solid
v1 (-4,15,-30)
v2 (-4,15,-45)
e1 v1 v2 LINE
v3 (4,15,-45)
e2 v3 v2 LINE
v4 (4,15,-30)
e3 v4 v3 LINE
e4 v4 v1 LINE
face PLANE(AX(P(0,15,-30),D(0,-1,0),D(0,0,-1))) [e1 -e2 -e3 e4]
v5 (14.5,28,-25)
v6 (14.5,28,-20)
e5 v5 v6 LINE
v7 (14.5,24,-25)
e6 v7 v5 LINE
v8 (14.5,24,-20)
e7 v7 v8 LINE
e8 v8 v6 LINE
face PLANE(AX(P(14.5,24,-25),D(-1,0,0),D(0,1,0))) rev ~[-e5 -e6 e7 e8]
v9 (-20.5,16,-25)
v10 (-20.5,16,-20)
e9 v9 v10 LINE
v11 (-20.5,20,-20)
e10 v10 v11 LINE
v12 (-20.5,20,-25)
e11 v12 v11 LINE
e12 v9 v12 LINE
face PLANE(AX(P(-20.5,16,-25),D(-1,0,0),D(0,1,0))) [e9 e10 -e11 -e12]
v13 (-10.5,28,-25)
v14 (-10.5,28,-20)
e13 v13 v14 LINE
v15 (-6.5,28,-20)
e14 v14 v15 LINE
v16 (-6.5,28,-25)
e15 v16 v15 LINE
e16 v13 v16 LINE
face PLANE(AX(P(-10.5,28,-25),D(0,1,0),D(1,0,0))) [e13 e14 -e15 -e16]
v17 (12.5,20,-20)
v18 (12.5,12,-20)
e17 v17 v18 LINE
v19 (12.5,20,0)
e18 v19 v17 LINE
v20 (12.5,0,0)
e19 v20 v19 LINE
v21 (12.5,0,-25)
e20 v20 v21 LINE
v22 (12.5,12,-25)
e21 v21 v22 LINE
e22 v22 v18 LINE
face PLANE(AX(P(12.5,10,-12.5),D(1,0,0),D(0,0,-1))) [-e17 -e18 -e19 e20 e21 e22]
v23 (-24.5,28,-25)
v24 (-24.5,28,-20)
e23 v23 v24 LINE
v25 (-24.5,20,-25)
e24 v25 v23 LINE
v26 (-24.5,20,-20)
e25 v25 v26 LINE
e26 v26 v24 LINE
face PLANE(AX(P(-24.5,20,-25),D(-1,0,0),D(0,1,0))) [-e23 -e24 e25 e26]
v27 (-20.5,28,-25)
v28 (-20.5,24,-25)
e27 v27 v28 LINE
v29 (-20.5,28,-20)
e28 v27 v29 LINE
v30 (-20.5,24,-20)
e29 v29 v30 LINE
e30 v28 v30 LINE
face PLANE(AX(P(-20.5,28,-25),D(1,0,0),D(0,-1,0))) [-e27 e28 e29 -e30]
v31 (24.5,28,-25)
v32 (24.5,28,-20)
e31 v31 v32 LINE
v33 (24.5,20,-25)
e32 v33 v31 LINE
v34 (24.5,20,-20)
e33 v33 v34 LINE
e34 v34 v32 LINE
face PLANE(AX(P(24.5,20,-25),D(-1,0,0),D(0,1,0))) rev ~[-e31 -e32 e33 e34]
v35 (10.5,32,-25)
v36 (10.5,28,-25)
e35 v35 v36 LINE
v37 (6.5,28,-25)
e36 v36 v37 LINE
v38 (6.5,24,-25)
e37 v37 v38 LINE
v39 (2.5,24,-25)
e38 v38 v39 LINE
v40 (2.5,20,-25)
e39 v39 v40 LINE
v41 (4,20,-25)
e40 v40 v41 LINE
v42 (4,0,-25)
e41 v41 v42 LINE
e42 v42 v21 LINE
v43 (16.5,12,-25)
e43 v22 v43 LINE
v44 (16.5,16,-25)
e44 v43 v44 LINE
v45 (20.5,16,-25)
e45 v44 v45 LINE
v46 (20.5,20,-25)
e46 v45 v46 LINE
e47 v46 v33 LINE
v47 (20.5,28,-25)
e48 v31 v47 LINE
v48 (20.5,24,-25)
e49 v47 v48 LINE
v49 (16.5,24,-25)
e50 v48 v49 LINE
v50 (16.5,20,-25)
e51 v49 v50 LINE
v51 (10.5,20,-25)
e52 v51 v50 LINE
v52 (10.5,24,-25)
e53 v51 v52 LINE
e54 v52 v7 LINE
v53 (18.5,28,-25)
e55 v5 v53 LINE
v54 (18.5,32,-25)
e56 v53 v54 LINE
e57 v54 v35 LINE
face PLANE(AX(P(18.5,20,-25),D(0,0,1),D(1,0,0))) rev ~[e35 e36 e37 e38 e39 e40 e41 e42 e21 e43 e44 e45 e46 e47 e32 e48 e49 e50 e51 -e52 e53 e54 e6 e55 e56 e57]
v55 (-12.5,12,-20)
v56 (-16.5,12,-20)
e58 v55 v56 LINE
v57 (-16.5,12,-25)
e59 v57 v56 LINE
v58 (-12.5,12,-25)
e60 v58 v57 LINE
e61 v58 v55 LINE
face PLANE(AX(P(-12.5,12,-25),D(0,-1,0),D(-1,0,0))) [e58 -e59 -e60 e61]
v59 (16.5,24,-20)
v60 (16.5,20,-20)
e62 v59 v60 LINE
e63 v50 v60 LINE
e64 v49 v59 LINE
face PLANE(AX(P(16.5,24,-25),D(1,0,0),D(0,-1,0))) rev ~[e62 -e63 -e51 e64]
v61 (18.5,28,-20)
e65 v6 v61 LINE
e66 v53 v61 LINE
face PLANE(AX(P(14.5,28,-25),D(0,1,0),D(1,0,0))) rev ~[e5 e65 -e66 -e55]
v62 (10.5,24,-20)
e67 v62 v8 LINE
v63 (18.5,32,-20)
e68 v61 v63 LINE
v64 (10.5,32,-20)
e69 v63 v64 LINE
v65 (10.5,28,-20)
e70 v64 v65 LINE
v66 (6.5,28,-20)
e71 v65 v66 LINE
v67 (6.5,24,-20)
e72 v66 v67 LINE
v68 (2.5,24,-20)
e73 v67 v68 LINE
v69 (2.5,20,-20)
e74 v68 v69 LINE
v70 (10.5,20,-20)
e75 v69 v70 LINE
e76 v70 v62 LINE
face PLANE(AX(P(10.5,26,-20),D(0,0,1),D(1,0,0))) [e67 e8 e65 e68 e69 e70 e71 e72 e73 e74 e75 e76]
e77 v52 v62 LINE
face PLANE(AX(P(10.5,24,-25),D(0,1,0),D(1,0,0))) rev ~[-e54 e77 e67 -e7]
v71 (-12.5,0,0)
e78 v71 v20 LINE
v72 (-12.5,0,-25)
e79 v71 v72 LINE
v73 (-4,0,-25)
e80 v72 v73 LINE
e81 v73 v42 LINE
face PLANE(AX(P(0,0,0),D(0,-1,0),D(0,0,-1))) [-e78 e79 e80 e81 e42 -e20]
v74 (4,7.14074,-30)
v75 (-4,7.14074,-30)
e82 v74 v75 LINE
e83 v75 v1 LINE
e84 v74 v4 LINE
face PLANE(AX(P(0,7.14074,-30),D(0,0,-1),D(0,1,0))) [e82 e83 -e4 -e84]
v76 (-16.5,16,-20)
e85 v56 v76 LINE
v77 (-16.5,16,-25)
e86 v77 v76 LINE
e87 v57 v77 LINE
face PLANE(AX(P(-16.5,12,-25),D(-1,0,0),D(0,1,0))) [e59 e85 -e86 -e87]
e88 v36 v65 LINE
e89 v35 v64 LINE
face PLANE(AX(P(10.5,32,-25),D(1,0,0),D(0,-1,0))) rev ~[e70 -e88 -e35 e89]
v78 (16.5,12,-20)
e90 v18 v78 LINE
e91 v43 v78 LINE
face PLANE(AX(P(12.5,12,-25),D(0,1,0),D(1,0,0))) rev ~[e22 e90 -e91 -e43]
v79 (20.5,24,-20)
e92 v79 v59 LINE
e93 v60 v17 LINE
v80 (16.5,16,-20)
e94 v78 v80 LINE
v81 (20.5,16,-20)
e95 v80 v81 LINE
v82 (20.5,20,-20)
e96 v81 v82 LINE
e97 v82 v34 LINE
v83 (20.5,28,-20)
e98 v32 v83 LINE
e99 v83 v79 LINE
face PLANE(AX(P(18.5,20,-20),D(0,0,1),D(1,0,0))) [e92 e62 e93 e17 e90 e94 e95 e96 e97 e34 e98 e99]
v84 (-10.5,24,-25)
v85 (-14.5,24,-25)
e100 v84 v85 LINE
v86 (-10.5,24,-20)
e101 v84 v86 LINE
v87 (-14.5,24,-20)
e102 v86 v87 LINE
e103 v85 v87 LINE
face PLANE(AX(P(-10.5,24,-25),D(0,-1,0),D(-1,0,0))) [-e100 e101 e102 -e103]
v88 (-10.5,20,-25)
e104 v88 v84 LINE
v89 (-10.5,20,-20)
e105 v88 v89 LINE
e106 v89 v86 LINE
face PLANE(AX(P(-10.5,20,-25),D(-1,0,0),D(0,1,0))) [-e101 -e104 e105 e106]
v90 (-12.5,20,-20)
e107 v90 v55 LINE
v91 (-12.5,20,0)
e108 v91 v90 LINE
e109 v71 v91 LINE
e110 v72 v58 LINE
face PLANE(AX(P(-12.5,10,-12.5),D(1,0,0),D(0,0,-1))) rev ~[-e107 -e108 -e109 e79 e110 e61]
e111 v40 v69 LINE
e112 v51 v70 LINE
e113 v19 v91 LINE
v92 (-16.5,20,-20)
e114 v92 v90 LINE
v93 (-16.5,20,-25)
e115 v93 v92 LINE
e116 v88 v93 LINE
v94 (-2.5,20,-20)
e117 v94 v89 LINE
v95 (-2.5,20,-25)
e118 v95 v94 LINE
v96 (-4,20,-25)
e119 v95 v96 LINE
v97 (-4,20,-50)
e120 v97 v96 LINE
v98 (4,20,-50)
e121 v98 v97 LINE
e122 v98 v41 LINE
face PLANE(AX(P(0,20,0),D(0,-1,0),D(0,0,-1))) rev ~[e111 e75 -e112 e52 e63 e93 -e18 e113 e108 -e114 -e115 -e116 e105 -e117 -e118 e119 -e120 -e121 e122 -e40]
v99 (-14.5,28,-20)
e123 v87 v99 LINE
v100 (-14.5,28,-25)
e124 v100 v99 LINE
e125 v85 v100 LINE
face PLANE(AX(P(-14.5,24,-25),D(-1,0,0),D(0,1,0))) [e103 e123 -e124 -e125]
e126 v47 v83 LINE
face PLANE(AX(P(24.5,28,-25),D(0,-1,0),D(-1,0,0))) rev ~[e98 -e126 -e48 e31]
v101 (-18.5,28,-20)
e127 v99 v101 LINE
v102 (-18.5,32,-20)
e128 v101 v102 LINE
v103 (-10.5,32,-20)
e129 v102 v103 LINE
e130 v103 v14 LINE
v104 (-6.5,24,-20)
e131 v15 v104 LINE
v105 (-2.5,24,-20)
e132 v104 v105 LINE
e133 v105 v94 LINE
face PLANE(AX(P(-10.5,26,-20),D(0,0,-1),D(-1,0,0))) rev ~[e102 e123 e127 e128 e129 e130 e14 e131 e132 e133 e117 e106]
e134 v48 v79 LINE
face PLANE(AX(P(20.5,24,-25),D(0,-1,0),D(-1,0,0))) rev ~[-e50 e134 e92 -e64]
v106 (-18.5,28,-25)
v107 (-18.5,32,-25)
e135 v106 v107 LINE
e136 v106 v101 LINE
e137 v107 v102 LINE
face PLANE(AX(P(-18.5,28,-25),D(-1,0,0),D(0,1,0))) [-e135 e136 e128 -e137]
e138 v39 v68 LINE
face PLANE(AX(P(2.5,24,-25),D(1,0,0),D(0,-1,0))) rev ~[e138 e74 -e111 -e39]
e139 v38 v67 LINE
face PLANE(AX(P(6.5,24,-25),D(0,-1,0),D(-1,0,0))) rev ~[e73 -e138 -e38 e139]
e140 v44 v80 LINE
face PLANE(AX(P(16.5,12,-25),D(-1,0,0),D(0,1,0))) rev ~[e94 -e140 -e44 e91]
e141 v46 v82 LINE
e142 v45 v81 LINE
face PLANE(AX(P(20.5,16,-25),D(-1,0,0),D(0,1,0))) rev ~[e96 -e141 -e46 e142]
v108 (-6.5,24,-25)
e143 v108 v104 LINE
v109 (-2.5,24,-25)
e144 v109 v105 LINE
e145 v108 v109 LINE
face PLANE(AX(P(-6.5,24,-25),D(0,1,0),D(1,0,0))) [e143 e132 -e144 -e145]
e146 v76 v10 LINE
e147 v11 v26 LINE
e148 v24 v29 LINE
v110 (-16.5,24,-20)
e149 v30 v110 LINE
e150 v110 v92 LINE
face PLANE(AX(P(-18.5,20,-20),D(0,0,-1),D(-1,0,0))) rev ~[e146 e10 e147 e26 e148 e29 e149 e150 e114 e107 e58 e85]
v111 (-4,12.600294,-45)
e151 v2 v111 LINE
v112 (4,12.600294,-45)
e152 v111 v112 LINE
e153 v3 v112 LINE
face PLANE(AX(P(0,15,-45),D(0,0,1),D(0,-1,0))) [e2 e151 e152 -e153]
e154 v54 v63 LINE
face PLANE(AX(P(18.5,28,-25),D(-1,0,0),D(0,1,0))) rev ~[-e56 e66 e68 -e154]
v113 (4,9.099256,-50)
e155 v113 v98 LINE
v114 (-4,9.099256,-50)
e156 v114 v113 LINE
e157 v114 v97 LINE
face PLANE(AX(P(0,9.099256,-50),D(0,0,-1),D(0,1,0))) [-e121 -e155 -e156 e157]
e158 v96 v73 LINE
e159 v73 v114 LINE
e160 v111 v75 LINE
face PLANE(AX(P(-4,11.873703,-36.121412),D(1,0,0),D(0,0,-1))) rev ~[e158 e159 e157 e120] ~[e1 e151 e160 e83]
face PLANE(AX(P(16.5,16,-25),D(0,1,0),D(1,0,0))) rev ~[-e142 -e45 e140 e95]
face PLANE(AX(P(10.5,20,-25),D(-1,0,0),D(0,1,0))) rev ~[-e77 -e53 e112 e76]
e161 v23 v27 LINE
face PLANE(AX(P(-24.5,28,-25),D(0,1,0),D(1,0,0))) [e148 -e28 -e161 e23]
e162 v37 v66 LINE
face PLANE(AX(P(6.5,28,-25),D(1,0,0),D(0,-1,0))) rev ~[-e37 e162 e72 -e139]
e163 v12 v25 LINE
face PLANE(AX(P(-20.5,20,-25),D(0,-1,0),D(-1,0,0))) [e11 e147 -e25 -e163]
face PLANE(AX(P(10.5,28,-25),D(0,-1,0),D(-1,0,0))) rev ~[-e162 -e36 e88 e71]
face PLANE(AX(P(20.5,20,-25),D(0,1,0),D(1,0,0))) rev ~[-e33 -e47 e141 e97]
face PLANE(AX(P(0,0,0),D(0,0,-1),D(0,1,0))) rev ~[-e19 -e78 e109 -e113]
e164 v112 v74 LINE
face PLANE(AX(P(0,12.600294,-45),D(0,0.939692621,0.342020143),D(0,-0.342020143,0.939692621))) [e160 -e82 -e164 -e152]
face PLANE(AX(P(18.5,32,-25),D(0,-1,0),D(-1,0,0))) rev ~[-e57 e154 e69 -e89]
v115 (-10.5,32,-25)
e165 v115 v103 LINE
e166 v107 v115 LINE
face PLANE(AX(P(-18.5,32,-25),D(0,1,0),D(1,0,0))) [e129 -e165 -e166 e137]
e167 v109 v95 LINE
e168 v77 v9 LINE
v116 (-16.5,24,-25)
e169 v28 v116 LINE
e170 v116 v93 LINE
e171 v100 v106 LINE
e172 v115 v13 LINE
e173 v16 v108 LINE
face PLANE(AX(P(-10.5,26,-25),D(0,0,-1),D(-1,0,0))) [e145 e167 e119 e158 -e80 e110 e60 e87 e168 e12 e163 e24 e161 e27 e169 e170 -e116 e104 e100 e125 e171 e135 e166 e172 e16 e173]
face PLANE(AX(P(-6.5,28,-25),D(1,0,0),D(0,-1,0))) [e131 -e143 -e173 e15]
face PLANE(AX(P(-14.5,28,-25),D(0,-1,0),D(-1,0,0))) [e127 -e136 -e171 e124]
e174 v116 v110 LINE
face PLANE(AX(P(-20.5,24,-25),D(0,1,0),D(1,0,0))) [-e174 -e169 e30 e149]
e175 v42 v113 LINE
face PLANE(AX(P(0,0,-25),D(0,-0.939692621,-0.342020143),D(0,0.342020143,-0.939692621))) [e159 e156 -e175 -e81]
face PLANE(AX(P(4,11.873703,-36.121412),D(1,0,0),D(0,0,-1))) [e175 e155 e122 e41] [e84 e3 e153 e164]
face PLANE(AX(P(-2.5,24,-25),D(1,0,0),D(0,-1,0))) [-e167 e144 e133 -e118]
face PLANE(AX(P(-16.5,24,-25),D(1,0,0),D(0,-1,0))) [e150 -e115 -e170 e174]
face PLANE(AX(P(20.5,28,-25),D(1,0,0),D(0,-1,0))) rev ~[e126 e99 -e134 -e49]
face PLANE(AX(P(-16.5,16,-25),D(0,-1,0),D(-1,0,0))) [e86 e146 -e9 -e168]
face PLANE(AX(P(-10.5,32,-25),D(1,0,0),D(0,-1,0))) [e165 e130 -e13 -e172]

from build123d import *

# Parameters (mm, degrees)
SKETCH_1_W      = 25
SKETCH_1_H      = 20
EXTRUDE_2_DEPTH = 12.5
EXTRUDE_3_DEPTH = 4
EXTRUDE_4_DEPTH = 5


with BuildPart() as part:
    # Эскиз1 → Бобышка-Вытянуть2 (new, symmetric)
    with BuildSketch(Plane(origin=(0, 0, 0), x_dir=(0, 0, -1), z_dir=(1, 0, 0))):
        with Locations((12.5, 10)):
            Rectangle(SKETCH_1_W, SKETCH_1_H)
    extrude(amount=EXTRUDE_2_DEPTH, both=True)

    # Эскиз1<4> → Бобышка-Вытянуть3 (add, symmetric)
    with BuildSketch(Plane(origin=(0, 0, 0), x_dir=(0, 0, -1), z_dir=(1, 0, 0))):
        Polygon((25, 20), (25, 0), (50, 9.099255857), (50, 20), align=None)
        Polygon((45, 12.600293548), (30, 7.140740034), (30, 15), (45, 15), align=None, mode=Mode.SUBTRACT)
    extrude(amount=EXTRUDE_3_DEPTH, both=True)

    # Эскиз3 → Бобышка-Вытянуть4 (add)
    with BuildSketch(Plane(origin=(0, 0, -25), x_dir=(-1, 0, 0), z_dir=(0, 0, -1))):
        Polygon((-12.5, 12), (-16.5, 12), (-16.5, 16), (-20.5, 16), (-20.5, 20), (-24.5, 20), (-24.5, 28), (-20.5, 28), (-20.5, 24), (-16.5, 24), (-16.5, 20), (-12.5, 20), align=None)
        Polygon((20.5, 20), (24.5, 20), (24.5, 28), (20.5, 28), (20.5, 24), (16.5, 24), (16.5, 20), (12.5, 20), (12.5, 12), (16.5, 12), (16.5, 16), (20.5, 16), align=None)
        Polygon((-10.5, 20), (-10.5, 24), (-14.5, 24), (-14.5, 28), (-18.5, 28), (-18.5, 32), (-10.5, 32), (-10.5, 28), (-6.5, 28), (-6.5, 24), (-2.5, 24), (-2.5, 20), align=None)
        Polygon((10.5, 20), (10.5, 24), (14.5, 24), (14.5, 28), (18.5, 28), (18.5, 32), (10.5, 32), (10.5, 28), (6.5, 28), (6.5, 24), (2.5, 24), (2.5, 20), align=None)
    extrude(amount=-EXTRUDE_4_DEPTH)


solid = part.part
